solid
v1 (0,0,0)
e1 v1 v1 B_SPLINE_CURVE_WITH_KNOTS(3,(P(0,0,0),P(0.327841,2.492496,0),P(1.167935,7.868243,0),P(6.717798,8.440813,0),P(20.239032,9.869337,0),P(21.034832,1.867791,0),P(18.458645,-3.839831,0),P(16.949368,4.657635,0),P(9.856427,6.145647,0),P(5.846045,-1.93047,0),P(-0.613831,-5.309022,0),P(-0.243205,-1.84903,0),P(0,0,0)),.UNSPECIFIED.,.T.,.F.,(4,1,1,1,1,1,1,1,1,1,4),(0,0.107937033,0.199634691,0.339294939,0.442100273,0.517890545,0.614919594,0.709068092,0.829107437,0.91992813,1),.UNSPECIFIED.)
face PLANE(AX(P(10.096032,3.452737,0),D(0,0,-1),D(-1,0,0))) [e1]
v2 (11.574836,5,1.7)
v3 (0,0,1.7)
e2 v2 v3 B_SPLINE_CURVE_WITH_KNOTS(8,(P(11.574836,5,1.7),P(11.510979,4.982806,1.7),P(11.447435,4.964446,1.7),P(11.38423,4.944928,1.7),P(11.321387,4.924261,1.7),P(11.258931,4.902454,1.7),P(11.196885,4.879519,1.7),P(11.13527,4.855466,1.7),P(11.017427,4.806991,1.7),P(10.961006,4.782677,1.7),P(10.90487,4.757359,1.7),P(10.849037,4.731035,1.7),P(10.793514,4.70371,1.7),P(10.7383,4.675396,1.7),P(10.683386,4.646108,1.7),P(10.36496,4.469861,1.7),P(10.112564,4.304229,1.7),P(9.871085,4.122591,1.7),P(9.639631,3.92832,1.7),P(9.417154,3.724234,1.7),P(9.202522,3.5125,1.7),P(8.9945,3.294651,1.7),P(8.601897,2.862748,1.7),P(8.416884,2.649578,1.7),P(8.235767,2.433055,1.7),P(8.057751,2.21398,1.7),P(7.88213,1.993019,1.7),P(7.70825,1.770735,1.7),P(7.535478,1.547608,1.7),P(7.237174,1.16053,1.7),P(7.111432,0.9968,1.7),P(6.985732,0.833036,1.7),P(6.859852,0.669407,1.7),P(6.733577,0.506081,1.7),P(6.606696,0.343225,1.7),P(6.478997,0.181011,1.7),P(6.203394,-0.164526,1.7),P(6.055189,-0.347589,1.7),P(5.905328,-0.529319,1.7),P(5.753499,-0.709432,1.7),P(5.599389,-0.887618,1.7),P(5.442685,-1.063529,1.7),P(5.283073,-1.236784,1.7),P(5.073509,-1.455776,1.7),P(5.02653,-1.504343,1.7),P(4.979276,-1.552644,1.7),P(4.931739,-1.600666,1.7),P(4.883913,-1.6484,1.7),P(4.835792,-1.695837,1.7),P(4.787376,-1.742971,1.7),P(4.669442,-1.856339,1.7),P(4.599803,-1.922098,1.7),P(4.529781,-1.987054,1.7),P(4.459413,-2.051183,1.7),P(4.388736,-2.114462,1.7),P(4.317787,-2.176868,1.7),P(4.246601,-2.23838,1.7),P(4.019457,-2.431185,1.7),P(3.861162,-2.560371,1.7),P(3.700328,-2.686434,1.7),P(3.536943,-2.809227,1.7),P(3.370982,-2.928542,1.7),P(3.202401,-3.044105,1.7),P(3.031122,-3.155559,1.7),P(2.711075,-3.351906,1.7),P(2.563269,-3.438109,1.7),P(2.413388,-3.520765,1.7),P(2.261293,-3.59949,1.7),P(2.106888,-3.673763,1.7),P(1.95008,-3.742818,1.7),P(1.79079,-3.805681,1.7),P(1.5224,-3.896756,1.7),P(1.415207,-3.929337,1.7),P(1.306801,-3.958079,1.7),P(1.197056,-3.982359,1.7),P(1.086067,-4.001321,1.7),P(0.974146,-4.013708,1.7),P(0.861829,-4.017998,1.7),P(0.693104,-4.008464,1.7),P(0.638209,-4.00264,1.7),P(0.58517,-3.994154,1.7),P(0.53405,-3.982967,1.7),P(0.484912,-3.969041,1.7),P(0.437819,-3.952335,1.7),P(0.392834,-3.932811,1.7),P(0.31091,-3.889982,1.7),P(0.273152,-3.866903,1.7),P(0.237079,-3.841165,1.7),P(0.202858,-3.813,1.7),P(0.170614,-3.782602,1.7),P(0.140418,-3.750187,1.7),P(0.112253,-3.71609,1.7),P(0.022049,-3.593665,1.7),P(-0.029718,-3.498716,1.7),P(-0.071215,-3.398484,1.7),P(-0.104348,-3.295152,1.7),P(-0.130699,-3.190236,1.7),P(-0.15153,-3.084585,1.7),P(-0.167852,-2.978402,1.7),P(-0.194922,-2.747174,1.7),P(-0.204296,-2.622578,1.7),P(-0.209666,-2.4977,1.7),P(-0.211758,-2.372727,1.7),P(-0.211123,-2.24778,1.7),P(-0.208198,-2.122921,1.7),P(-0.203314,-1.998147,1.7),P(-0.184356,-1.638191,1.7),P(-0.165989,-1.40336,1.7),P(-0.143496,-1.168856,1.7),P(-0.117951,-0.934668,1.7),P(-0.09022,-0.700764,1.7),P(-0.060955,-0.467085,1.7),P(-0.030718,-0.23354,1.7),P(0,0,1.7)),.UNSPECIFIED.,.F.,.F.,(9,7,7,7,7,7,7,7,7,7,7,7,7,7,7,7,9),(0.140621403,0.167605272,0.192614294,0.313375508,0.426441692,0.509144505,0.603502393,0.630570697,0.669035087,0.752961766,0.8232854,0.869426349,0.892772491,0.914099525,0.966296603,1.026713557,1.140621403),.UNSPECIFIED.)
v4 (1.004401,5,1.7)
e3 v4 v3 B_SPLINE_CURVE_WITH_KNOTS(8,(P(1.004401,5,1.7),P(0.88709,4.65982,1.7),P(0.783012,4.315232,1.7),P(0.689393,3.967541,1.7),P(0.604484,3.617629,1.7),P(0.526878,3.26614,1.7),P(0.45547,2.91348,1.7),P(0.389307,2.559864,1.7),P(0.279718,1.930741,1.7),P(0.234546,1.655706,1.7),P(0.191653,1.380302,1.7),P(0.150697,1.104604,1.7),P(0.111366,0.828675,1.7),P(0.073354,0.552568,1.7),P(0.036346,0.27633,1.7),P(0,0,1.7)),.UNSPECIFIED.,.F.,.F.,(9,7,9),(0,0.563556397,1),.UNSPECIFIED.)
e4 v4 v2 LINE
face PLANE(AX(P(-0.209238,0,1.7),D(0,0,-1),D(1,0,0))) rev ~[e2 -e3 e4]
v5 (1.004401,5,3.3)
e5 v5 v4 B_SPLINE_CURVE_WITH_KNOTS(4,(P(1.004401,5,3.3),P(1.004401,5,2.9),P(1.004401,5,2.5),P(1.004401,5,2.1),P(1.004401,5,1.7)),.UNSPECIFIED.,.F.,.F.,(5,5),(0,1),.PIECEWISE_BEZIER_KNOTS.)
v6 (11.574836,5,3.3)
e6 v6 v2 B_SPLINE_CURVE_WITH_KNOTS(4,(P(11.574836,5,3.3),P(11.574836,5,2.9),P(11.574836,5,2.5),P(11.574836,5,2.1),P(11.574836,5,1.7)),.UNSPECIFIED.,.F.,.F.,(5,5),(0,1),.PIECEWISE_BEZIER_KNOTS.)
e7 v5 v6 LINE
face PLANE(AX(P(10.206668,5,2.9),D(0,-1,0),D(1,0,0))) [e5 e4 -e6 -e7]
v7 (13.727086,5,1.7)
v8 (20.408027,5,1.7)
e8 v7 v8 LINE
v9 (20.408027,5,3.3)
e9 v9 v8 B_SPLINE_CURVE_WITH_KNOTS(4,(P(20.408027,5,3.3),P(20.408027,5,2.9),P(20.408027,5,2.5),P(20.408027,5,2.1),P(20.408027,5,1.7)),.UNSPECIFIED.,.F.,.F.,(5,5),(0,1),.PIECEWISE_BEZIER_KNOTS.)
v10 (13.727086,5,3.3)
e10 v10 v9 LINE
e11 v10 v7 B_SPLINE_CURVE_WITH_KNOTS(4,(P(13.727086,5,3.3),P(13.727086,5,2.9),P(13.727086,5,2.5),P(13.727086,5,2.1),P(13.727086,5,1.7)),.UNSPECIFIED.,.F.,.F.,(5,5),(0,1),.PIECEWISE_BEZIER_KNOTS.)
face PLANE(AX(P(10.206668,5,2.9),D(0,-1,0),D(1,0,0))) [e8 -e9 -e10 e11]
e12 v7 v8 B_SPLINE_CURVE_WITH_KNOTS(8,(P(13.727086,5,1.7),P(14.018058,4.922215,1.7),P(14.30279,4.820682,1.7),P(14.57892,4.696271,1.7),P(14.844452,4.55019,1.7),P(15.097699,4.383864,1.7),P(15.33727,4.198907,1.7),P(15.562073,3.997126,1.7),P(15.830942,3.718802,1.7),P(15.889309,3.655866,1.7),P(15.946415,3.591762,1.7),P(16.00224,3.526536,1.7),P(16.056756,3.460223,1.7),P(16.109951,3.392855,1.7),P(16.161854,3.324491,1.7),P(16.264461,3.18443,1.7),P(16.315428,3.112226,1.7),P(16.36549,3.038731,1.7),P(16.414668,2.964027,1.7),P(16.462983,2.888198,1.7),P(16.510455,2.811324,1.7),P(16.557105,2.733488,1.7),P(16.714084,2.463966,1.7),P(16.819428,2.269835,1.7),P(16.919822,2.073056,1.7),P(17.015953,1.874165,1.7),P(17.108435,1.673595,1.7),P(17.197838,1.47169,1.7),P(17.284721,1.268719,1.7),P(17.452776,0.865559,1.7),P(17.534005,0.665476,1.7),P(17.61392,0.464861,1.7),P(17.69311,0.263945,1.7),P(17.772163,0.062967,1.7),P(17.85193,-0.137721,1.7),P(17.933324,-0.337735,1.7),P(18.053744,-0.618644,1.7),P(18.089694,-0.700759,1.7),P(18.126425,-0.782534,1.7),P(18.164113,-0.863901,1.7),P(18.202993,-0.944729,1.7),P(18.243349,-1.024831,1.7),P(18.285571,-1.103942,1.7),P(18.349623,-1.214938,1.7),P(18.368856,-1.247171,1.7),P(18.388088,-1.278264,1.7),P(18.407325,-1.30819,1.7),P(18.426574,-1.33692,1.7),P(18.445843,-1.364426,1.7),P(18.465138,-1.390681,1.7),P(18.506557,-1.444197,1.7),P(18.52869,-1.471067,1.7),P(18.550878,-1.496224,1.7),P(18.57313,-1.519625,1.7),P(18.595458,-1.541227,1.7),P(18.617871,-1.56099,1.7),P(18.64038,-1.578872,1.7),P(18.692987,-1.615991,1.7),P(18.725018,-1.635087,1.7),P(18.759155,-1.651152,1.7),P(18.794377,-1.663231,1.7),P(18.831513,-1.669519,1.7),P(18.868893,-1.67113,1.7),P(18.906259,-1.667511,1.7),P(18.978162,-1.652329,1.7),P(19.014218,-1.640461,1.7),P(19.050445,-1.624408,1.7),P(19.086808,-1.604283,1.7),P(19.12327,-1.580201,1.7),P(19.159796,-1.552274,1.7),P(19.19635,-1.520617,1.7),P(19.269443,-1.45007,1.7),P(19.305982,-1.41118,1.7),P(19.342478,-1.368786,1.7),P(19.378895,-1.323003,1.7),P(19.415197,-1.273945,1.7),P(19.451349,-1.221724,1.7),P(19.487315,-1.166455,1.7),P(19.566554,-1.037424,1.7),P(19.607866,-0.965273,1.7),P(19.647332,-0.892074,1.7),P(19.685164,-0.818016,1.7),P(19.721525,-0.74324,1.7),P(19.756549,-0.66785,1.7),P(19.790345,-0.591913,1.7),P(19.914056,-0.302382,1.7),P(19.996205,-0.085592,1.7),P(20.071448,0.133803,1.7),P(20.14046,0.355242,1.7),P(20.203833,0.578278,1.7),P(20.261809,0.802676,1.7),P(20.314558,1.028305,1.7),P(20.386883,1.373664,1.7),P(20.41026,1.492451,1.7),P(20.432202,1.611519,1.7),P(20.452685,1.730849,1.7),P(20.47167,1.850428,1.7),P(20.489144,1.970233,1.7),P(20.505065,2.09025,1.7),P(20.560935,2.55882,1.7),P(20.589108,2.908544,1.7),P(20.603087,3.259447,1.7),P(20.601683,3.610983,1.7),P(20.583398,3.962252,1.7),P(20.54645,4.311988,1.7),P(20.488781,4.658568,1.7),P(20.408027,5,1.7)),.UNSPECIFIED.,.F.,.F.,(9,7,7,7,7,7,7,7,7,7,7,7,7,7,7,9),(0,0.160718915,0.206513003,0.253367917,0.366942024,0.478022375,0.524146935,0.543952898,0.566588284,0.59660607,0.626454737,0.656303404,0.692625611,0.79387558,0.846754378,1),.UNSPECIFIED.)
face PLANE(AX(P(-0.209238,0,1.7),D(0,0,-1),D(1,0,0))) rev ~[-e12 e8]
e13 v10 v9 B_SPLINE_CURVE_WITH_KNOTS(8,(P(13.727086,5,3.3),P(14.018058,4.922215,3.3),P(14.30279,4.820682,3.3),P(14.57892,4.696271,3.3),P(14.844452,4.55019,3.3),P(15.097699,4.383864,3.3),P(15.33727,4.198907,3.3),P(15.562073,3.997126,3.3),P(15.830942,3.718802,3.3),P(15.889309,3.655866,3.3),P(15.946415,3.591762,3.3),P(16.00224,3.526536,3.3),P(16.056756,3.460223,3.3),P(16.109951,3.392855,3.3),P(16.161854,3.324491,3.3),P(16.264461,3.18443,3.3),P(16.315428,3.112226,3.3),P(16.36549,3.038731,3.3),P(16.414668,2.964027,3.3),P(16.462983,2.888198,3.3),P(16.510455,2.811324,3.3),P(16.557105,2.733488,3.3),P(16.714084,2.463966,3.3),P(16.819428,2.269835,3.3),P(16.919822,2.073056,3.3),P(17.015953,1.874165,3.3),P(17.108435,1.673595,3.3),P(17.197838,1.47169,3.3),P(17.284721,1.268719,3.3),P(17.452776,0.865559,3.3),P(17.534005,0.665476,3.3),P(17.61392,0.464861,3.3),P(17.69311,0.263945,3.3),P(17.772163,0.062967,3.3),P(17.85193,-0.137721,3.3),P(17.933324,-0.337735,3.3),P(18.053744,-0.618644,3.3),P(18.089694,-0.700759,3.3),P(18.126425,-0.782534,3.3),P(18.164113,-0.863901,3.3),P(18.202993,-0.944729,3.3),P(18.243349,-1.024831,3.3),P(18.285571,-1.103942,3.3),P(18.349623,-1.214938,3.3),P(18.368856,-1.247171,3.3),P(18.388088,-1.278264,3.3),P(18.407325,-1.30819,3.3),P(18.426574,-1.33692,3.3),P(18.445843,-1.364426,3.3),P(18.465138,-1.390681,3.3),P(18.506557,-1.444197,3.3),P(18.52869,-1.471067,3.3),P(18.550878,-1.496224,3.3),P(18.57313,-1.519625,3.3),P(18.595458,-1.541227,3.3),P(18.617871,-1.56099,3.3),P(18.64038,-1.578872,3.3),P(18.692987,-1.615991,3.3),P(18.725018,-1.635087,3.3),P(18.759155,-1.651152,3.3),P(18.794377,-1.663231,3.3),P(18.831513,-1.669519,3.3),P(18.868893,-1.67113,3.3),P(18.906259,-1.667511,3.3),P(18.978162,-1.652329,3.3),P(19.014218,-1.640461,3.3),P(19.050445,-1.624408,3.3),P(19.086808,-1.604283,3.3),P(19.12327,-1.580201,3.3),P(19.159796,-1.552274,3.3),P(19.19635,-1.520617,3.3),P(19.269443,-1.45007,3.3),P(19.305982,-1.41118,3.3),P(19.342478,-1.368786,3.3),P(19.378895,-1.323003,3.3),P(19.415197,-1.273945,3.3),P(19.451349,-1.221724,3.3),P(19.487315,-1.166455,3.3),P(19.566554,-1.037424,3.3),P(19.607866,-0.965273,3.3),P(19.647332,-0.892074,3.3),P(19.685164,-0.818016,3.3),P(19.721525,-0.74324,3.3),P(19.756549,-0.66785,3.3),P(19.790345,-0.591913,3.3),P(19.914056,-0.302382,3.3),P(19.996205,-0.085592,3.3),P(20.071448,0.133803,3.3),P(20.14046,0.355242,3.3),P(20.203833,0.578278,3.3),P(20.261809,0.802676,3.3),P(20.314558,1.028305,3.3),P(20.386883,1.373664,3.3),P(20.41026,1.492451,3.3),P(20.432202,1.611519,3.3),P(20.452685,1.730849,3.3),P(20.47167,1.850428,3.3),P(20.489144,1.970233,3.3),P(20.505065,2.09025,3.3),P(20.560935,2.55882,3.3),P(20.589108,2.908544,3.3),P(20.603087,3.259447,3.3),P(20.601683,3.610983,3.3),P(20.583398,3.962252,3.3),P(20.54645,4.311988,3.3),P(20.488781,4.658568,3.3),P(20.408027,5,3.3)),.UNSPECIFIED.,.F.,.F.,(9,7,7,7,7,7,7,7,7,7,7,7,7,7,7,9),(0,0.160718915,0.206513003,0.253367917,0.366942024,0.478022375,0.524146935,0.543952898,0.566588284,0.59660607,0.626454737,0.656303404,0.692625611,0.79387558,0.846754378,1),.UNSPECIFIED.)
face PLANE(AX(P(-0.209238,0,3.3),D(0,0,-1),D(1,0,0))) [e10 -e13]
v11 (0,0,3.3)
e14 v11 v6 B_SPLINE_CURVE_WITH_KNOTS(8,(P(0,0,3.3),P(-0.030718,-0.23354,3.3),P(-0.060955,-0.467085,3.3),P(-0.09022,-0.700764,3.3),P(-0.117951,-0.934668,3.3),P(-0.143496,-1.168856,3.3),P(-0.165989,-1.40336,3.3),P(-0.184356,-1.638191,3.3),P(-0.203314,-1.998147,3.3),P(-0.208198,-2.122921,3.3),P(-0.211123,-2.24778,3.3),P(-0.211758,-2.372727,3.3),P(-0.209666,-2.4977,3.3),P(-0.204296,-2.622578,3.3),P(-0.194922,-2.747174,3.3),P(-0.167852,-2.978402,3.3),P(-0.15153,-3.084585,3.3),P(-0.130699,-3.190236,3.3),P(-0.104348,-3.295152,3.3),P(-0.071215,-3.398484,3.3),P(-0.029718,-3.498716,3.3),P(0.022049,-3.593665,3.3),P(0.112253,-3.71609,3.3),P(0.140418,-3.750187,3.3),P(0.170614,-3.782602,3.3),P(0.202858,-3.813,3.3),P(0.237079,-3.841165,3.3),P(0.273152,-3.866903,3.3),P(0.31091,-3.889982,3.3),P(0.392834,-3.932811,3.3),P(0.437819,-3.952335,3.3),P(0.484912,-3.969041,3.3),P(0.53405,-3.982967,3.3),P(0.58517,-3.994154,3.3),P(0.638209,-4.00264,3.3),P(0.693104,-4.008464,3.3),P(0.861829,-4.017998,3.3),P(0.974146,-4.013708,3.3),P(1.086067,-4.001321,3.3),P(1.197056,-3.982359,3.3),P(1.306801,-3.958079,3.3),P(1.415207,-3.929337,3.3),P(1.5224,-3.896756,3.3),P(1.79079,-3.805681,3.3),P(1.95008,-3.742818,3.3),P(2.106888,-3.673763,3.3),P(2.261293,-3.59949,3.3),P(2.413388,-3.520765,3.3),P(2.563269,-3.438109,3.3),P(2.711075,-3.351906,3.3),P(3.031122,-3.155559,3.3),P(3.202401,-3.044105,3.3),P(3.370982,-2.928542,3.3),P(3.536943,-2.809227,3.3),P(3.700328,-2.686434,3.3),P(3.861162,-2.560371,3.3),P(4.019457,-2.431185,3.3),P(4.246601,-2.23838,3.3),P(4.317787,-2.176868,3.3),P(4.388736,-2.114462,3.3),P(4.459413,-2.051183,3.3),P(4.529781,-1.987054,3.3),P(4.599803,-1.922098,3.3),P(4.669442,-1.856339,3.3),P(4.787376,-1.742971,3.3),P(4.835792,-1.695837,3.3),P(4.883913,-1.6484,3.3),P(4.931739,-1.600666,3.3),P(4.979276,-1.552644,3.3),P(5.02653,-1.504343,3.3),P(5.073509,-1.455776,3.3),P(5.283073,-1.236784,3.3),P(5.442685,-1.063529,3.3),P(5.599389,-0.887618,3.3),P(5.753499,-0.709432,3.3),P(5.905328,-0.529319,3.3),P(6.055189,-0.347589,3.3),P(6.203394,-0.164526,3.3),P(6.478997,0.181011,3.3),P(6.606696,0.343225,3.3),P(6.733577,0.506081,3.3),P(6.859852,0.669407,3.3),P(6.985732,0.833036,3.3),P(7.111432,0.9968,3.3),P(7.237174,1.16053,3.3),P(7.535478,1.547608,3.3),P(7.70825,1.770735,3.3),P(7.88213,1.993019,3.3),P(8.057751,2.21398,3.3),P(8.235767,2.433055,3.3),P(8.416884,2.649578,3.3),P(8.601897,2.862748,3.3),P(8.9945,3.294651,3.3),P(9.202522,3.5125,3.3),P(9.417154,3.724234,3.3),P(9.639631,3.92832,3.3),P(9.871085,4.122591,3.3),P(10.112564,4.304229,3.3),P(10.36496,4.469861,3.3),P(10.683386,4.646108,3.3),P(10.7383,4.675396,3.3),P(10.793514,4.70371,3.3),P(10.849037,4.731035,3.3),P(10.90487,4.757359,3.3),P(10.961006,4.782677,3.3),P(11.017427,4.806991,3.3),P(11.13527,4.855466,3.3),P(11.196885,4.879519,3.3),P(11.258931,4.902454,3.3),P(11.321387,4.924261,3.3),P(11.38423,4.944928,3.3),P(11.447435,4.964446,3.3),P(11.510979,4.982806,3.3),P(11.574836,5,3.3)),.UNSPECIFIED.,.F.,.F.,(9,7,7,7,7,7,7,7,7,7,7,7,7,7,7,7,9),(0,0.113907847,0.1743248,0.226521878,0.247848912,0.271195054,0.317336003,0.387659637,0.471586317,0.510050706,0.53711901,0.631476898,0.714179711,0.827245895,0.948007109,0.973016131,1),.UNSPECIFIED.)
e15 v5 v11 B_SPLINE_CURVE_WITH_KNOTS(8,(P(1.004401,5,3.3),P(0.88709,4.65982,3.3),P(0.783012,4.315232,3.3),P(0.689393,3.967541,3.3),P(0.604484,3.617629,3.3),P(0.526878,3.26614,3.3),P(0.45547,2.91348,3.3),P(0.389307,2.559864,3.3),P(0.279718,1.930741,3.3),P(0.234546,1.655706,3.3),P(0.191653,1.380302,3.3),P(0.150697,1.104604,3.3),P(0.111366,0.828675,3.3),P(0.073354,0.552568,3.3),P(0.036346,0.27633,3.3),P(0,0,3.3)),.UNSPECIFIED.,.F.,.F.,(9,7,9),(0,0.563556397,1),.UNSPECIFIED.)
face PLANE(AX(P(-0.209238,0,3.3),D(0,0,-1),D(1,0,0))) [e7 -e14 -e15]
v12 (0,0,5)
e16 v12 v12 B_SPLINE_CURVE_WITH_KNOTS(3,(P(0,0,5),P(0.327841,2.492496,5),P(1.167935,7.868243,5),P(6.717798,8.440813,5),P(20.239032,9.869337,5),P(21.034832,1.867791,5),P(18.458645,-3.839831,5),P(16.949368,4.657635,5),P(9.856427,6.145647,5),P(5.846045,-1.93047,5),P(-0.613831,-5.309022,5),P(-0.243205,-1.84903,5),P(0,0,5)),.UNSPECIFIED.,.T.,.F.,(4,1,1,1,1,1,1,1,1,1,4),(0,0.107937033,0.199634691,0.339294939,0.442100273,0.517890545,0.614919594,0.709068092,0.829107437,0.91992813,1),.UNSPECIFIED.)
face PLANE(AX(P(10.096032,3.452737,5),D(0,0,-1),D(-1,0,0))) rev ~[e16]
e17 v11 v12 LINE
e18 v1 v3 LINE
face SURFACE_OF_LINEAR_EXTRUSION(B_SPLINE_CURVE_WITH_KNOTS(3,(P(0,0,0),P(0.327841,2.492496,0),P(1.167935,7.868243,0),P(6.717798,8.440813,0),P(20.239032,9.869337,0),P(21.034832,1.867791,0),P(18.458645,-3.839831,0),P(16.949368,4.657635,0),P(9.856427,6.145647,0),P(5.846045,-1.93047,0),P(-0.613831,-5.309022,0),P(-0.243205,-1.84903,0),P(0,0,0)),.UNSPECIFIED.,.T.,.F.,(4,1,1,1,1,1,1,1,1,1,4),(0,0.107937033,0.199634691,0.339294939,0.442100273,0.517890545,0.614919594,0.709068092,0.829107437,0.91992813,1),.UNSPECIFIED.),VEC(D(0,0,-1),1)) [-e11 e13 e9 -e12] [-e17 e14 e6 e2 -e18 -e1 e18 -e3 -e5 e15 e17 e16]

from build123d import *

# Parameters (mm, degrees)
F1_DEPTH = 5
F2_W     = 20.8318121065
F2_H     = 0.8
F3_DEPTH = 5


with BuildPart() as f1:
    # F0 (on Top) → F1 (new body)
    with BuildSketch(Plane.XY):
        with BuildLine():
            add(Edge.make_bspline(
                [(0, 0), (0.3278406563, 2.4924959608), (1.16793513, 7.8682429777), (6.7177983298, 8.4408130705), (20.2390324564, 9.8693374857), (21.0348318945, 1.8677907794), (18.4586454973, -3.8398314457), (16.9493680267, 4.6576345411), (9.8564265715, 6.1456467153), (5.8460449742, -1.9304702149), (-0.6138312512, -5.3090219642), (-0.2432048927, -1.8490300118), (0, 0)],
                knots=[0, 0, 0, 0, 0.1079370331, 0.1996346912, 0.3392949389, 0.4421002734, 0.517890545, 0.6149195943, 0.7090680918, 0.8291074371, 0.9199281296, 1, 1, 1, 1], degree=3))
        make_face()
    extrude(amount=F1_DEPTH)

    # F2 (on Front) → F3 (cut, symmetric)
    with BuildSketch(Plane.XZ):
        with Locations((10.2066677397, 2.9)):
            Rectangle(F2_W, F2_H)
        with Locations((10.2066677397, 2.1)):
            Rectangle(F2_W, F2_H)
    extrude(amount=F3_DEPTH, both=True, mode=Mode.SUBTRACT)


solid = f1.part
